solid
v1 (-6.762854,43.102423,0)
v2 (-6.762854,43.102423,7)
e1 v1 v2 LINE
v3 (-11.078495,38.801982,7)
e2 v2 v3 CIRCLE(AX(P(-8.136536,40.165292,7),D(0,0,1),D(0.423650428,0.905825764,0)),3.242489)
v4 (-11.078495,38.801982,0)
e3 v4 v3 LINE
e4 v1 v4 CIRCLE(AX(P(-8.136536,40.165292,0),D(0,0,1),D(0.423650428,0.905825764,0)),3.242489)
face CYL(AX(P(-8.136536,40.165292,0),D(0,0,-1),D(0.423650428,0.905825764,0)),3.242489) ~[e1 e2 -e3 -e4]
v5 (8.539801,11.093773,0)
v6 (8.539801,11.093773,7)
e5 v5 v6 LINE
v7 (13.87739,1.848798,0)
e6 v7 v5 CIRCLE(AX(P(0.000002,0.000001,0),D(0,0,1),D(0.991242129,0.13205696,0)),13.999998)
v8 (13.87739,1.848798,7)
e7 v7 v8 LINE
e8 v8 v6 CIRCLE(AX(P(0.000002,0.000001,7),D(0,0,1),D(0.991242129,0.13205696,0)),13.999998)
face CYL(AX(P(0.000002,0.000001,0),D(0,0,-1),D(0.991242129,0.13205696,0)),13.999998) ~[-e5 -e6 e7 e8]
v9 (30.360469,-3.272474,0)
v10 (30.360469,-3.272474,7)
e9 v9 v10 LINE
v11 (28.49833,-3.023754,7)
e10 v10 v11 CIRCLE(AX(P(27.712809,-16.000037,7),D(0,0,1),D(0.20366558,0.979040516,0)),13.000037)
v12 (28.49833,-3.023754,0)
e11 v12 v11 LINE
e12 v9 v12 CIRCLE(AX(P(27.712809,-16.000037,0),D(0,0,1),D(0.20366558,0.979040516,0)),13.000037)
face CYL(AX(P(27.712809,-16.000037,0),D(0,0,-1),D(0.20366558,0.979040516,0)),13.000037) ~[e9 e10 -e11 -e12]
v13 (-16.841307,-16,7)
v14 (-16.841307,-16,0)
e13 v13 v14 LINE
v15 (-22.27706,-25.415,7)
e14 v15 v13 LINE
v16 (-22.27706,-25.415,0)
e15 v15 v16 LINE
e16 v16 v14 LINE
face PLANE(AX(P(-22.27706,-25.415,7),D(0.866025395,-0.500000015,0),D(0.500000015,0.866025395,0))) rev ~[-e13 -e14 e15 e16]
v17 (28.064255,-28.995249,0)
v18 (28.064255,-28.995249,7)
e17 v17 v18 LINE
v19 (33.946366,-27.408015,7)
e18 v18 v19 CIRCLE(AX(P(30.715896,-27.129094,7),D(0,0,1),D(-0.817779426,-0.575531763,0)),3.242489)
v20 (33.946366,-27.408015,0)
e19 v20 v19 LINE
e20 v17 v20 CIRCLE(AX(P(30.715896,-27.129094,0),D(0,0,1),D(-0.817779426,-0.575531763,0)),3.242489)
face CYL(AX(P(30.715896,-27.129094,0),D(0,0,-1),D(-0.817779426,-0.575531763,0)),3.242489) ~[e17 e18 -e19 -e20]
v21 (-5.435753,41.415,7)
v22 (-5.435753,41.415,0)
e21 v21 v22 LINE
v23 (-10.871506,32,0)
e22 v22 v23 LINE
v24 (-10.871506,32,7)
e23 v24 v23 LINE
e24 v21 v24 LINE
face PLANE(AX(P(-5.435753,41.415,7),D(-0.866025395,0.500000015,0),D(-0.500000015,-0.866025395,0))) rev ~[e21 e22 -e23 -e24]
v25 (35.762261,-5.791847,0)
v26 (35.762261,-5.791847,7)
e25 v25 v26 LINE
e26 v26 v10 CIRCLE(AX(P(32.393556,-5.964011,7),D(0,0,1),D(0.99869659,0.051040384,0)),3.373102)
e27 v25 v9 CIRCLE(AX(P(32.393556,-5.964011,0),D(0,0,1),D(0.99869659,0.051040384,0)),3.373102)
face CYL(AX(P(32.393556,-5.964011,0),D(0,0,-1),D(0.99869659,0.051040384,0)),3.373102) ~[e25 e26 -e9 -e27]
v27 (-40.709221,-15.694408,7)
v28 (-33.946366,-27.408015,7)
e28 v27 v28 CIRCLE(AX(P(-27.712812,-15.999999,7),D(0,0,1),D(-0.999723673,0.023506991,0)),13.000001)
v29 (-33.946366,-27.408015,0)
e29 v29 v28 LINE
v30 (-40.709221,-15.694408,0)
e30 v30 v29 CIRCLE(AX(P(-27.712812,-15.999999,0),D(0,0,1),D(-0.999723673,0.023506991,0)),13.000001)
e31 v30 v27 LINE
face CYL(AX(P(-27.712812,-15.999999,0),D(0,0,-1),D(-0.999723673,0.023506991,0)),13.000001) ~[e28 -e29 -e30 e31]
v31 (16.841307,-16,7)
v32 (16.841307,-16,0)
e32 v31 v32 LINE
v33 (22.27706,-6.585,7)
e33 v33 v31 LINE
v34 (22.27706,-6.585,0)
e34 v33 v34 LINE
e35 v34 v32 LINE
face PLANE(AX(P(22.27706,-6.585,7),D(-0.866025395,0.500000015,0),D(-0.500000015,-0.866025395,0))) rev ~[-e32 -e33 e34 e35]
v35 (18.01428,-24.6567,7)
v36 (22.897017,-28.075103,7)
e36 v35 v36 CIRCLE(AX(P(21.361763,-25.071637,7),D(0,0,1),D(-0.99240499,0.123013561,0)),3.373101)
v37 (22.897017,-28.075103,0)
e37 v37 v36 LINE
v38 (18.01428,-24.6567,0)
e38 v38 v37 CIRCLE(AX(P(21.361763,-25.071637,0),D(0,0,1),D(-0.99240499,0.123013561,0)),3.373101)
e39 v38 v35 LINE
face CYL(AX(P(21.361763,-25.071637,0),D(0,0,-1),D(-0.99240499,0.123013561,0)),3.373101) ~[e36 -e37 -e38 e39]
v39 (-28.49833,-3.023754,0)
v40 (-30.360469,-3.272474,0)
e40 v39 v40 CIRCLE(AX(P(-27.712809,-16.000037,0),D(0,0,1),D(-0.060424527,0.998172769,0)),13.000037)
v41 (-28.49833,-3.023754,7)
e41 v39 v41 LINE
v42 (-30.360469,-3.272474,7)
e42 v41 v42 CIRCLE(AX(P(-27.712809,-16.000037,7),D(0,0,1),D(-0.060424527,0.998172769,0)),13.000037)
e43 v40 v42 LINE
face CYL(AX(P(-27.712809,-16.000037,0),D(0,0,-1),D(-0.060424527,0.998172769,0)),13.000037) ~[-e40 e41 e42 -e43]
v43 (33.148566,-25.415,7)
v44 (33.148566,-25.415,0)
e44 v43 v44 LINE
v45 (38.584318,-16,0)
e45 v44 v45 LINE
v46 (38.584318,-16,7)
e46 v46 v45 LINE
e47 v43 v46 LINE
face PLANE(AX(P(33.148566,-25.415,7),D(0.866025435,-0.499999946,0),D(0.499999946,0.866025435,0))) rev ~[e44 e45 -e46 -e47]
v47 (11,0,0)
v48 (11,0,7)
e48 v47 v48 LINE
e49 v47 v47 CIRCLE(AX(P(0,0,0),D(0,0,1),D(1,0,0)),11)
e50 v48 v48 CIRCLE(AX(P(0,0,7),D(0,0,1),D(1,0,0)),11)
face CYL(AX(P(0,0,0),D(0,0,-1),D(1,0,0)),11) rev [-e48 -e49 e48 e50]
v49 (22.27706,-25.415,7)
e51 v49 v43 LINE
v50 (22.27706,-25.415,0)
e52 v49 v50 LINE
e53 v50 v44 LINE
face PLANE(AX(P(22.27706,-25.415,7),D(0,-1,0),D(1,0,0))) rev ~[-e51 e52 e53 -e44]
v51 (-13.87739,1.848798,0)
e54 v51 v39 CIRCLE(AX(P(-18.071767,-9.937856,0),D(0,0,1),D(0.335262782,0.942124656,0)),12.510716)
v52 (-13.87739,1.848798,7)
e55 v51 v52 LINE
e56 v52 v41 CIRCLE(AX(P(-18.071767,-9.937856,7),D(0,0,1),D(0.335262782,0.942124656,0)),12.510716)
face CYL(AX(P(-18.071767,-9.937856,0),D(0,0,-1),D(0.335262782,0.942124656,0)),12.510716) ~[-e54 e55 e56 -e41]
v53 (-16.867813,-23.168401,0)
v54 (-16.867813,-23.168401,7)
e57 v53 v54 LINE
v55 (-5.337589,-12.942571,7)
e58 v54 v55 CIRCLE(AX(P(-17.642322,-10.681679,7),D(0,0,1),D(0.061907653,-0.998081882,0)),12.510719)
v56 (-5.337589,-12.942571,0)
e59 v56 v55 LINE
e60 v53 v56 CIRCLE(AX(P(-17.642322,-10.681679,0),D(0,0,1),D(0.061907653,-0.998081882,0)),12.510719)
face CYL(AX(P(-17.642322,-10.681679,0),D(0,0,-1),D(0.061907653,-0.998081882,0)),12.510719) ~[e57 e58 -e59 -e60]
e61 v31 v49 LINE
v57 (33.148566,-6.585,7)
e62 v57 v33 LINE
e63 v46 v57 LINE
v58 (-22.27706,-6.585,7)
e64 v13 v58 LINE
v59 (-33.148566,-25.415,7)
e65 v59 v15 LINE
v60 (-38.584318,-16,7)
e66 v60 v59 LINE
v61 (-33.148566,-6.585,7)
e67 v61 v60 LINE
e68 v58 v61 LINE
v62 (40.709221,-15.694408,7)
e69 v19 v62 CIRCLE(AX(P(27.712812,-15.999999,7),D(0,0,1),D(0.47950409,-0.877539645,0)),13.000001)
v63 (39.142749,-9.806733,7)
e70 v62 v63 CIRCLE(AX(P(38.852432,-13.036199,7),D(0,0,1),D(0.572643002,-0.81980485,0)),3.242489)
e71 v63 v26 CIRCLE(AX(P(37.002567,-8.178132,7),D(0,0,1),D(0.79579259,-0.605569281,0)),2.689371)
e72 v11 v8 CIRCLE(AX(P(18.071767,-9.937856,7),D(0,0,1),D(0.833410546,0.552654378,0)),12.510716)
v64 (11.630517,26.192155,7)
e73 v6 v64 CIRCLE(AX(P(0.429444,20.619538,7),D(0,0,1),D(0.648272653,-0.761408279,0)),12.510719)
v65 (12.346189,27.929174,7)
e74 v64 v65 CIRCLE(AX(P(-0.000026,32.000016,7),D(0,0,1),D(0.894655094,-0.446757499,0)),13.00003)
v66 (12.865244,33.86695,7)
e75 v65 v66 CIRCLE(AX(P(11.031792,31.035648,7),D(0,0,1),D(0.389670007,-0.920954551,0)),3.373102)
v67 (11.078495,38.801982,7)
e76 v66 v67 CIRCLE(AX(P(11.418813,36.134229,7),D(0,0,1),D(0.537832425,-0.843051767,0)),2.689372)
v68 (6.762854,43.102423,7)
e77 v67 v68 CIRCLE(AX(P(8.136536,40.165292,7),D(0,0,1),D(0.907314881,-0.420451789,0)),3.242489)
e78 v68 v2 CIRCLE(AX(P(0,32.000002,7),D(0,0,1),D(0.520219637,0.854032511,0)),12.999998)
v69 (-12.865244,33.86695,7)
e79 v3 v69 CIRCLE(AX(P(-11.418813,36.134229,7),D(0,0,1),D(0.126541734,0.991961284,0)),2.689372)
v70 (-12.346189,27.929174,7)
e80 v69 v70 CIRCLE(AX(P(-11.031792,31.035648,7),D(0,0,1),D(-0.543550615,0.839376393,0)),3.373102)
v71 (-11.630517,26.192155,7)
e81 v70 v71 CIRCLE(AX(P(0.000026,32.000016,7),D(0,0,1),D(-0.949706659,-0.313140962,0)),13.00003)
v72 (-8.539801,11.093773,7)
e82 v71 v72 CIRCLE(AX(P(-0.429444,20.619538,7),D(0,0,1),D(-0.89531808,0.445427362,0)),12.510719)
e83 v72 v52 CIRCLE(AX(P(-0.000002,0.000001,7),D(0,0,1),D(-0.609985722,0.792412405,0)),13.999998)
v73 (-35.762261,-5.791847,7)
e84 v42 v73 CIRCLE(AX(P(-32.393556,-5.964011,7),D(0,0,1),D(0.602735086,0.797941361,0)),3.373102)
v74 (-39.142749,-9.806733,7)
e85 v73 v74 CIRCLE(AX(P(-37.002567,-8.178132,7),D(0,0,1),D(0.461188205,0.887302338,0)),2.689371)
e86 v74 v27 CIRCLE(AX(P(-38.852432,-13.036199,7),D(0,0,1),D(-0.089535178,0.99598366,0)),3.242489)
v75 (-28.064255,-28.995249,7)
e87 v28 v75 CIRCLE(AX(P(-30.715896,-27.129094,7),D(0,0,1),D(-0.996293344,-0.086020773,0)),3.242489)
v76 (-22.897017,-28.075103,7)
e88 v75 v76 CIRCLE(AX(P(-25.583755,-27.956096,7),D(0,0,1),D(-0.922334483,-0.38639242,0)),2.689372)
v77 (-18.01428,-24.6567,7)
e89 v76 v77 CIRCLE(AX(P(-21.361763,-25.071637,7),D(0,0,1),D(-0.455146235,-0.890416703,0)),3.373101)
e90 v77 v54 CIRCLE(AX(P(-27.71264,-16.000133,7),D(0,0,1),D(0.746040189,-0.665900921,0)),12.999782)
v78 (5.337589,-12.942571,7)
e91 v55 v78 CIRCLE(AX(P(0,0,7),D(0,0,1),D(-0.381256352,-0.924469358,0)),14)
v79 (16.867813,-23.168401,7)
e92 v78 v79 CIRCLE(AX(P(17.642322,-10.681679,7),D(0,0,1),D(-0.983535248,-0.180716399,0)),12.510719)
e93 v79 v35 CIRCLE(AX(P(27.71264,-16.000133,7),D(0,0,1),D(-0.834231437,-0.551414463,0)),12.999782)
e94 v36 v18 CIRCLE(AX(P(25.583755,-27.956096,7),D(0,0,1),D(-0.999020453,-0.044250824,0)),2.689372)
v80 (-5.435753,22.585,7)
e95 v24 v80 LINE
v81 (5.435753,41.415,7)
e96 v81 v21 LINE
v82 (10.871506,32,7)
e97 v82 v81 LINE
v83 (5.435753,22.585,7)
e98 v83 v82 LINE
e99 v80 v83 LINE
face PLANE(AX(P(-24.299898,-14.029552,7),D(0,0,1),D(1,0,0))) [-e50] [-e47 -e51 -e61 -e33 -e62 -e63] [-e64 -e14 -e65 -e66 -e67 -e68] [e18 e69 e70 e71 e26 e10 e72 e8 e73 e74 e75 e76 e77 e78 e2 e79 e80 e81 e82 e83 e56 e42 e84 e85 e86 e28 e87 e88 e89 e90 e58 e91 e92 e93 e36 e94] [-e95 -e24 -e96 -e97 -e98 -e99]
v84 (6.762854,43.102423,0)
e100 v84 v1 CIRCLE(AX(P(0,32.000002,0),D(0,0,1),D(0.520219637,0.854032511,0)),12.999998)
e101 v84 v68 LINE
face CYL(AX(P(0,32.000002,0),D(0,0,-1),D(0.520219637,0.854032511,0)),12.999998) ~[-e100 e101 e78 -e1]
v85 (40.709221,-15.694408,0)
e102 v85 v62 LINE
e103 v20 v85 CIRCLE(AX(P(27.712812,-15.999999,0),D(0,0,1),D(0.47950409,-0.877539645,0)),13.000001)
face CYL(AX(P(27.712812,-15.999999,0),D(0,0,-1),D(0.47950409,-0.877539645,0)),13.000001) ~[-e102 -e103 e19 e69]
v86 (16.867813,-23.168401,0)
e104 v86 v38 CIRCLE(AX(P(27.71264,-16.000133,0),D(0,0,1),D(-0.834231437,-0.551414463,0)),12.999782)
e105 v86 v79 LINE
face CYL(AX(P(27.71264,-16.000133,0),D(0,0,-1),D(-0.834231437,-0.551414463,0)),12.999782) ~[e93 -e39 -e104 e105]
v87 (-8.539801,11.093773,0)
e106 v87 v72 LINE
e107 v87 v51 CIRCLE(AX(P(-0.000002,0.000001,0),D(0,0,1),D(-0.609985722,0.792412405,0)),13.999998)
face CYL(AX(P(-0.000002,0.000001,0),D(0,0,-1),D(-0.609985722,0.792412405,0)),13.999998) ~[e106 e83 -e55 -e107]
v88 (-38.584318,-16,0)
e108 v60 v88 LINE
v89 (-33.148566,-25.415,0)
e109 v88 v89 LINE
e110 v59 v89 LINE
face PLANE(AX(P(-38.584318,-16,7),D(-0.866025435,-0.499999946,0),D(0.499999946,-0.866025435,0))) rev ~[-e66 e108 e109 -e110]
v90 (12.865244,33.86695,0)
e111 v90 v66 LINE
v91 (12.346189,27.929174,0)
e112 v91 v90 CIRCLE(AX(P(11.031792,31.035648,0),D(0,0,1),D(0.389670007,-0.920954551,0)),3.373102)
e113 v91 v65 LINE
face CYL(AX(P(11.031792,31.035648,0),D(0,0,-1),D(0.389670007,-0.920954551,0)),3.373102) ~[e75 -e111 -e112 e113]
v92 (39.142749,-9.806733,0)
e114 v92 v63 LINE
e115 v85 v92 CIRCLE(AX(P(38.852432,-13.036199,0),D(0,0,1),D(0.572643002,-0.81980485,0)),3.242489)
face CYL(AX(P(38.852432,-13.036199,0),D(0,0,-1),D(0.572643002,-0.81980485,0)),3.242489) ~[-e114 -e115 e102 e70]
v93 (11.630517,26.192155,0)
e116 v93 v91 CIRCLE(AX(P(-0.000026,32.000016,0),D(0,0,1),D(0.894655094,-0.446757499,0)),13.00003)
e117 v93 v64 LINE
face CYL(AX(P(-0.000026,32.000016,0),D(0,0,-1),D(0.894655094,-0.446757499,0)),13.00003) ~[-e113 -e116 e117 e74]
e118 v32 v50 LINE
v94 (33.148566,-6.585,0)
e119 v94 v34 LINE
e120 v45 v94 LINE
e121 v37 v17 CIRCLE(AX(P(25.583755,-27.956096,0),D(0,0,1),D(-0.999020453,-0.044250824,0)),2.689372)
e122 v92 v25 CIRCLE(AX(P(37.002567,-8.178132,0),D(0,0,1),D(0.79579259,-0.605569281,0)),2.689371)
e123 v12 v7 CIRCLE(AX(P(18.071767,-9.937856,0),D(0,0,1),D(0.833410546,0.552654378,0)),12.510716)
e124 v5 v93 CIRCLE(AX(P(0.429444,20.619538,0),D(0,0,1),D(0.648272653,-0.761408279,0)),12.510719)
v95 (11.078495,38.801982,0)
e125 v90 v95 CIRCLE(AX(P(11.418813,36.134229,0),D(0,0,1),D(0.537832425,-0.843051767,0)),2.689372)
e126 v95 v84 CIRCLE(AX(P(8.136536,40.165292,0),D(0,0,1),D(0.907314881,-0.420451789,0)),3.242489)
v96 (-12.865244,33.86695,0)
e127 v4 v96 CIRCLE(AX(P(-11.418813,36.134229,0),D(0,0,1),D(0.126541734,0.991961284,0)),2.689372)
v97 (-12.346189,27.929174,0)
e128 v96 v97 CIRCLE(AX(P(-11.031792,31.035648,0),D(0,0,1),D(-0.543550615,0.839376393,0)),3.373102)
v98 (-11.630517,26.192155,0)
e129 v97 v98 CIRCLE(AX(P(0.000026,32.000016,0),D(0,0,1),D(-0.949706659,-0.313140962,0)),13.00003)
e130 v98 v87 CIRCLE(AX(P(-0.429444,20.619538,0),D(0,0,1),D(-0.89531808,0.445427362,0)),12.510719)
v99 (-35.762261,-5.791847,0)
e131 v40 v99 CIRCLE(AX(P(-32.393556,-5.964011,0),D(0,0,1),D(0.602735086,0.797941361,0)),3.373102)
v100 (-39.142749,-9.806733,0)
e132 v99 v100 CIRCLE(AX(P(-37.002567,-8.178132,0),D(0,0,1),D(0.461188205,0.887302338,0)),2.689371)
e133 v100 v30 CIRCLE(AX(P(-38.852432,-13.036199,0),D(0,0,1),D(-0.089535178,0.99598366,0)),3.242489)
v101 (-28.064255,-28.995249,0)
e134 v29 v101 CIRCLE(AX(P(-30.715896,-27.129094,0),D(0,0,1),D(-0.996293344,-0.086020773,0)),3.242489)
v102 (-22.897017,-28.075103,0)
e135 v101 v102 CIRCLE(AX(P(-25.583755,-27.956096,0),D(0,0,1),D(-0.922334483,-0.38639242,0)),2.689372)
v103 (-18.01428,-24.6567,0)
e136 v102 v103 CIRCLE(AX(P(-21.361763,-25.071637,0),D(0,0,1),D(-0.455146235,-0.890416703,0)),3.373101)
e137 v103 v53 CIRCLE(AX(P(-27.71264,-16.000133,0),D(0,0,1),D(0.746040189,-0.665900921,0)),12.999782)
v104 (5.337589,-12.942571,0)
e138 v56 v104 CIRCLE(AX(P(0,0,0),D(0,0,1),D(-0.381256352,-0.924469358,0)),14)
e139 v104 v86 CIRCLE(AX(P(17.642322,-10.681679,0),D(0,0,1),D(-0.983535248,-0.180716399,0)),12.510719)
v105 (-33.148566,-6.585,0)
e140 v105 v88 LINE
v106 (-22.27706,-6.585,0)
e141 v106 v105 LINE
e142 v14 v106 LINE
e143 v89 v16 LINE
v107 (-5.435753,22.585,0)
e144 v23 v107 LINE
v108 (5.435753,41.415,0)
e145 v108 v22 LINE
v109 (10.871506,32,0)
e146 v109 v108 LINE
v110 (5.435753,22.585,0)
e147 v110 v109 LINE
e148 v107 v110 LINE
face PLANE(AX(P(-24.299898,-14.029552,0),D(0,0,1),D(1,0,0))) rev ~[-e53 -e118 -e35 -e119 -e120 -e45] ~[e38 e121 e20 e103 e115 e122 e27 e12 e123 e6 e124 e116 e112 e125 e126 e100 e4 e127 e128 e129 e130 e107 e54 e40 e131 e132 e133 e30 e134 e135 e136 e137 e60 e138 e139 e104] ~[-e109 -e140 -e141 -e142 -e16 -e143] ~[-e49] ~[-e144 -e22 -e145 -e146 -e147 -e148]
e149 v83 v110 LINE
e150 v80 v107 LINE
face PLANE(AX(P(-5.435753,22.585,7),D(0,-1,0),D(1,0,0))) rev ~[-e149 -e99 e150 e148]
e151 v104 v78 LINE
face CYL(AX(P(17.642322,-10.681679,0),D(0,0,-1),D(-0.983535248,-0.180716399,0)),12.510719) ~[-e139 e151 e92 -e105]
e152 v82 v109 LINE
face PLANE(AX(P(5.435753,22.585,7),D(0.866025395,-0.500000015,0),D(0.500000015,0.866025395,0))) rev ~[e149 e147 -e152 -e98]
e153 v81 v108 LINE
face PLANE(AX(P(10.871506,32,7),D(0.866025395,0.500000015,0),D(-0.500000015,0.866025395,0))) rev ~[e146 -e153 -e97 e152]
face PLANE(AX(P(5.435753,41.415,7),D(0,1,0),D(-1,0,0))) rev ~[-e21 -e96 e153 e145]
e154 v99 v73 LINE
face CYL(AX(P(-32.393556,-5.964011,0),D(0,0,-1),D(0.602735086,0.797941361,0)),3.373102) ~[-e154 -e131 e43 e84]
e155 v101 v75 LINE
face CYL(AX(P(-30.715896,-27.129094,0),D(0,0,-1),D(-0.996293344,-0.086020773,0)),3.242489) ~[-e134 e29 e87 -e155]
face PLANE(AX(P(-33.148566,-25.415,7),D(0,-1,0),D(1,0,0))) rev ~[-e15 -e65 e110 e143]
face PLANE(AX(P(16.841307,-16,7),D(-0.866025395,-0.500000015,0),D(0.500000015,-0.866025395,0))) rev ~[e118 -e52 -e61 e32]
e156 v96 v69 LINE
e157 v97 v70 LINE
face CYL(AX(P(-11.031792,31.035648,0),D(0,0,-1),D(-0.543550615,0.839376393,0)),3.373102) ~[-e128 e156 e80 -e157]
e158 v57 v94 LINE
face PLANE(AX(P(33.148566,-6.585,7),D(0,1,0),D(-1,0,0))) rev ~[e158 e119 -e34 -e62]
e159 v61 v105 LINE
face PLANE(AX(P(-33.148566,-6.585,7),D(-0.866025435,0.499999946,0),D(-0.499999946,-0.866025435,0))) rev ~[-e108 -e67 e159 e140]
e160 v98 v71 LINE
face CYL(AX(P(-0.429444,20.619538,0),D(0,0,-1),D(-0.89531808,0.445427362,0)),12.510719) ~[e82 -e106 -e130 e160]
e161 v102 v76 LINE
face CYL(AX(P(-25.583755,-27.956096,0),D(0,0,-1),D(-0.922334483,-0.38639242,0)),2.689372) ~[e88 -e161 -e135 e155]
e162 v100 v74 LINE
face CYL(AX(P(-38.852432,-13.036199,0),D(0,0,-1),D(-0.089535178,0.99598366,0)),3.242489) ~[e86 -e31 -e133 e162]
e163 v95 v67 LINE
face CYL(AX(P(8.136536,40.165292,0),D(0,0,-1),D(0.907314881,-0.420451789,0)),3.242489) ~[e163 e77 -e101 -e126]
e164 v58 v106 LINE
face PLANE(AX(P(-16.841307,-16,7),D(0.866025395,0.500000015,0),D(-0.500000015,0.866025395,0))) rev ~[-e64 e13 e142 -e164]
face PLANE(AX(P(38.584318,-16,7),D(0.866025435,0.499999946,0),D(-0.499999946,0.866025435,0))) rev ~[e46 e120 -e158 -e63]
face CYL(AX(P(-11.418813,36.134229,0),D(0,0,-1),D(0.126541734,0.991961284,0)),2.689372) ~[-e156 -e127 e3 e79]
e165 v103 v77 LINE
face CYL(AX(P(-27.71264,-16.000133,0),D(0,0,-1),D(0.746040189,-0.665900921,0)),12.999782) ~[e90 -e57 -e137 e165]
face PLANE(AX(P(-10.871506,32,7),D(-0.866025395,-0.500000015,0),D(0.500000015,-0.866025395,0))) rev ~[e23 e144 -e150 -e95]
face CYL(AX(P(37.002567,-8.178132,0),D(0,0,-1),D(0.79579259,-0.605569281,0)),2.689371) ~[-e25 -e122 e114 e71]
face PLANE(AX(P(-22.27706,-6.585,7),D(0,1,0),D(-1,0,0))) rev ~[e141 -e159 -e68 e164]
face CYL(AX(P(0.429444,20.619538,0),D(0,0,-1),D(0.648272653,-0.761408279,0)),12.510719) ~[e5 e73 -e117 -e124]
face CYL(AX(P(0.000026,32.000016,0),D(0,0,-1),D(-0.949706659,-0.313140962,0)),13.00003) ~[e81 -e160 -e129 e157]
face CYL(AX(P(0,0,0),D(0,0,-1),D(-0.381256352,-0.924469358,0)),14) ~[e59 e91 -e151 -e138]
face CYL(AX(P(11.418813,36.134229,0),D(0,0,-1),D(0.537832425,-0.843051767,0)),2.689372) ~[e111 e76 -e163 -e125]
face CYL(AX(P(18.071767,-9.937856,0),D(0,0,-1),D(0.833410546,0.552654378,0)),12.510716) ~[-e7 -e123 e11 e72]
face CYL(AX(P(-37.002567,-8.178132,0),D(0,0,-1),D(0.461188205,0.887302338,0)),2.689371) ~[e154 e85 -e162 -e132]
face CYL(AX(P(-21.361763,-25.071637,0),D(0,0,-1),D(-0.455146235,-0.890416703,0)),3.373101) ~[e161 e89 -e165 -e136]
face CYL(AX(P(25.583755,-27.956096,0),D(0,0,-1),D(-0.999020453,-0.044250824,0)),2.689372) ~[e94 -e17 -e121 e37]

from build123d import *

# Parameters (mm, degrees)
F0_R     = 11
F1_DEPTH = 7
F3_DEPTH = 25


with BuildPart() as f1:
    # F0 (on Top) → F1 (new body)
    with BuildSketch(Plane.XY):
        with BuildLine():
            ThreePointArc((-16.867813, -23.168401), (-9.341205, -20.041676), (-5.337589, -12.942571))
            ThreePointArc((-5.337589, -12.942571), (-12.124356, -7), (-13.87739, 1.848798))
            ThreePointArc((-13.87739, 1.848798), (-22.027203, 1.931118), (-28.49833, -3.023754))
            ThreePointArc((-28.49833, -3.023754), (-29.433898, -3.114432), (-30.360469, -3.272474))
            ThreePointArc((-30.360469, -3.272474), (-33.819311, -2.907046), (-35.762261, -5.791847))
            ThreePointArc((-35.762261, -5.791847), (-39.059816, -6.445953), (-39.142749, -9.806733))
            ThreePointArc((-39.142749, -9.806733), (-41.985912, -12.202508), (-40.709221, -15.694408))
            ThreePointArc((-40.709221, -15.694408), (-38.971143, -22.5), (-33.946366, -27.408015))
            ThreePointArc((-33.946366, -27.408015), (-31.560638, -30.259612), (-28.064255, -28.995249))
            ThreePointArc((-28.064255, -28.995249), (-25.112267, -30.603816), (-22.897017, -28.075103))
            ThreePointArc((-22.897017, -28.075103), (-19.427231, -27.83486), (-18.01428, -24.6567))
            ThreePointArc((-18.01428, -24.6567), (-17.414126, -23.933288), (-16.867813, -23.168401))
        make_face()
        with BuildLine():
            ThreePointArc((5.337589, -12.942571), (11.634566, -7.786968), (14, 0))
            ThreePointArc((14, 0), (13.969314, 0.92643), (13.87739, 1.848798))
            ThreePointArc((13.87739, 1.848798), (12.124356, 7), (8.539801, 11.093773))
            ThreePointArc((8.539801, 11.093773), (0, 14), (-8.539801, 11.093773))
            ThreePointArc((-8.539801, 11.093773), (-12.124356, 7), (-13.87739, 1.848798))
            ThreePointArc((-13.87739, 1.848798), (-12.124356, -7), (-5.337589, -12.942571))
            ThreePointArc((-5.337589, -12.942571), (0, -14), (5.337589, -12.942571))
        make_face()
        Circle(F0_R, mode=Mode.SUBTRACT)
        with BuildLine():
            ThreePointArc((13.87739, 1.848798), (13.969314, 0.92643), (14, 0))
            ThreePointArc((14, 0), (11.634566, -7.786968), (5.337589, -12.942571))
            ThreePointArc((5.337589, -12.942571), (9.341205, -20.041676), (16.867813, -23.168401))
            ThreePointArc((16.867813, -23.168401), (17.414126, -23.933288), (18.01428, -24.6567))
            ThreePointArc((18.01428, -24.6567), (19.427231, -27.83486), (22.897017, -28.075103))
            ThreePointArc((22.897017, -28.075103), (25.112267, -30.603816), (28.064255, -28.995249))
            ThreePointArc((28.064255, -28.995249), (31.560638, -30.259612), (33.946366, -27.408015))
            ThreePointArc((33.946366, -27.408015), (38.971143, -22.5), (40.709221, -15.694408))
            ThreePointArc((40.709221, -15.694408), (41.985912, -12.202508), (39.142749, -9.806733))
            ThreePointArc((39.142749, -9.806733), (39.059816, -6.445953), (35.762261, -5.791847))
            ThreePointArc((35.762261, -5.791847), (33.819311, -2.907046), (30.360469, -3.272474))
            ThreePointArc((30.360469, -3.272474), (29.433898, -3.114432), (28.49833, -3.023754))
            ThreePointArc((28.49833, -3.023754), (22.027203, 1.931118), (13.87739, 1.848798))
        make_face()
        with BuildLine():
            ThreePointArc((-8.539801, 11.093773), (0, 14), (8.539801, 11.093773))
            ThreePointArc((8.539801, 11.093773), (12.685998, 18.110559), (11.630517, 26.192155))
            ThreePointArc((11.630517, 26.192155), (12.019772, 27.04772), (12.346189, 27.929174))
            ThreePointArc((12.346189, 27.929174), (14.39208, 30.741906), (12.865244, 33.86695))
            ThreePointArc((12.865244, 33.86695), (13.947549, 37.049769), (11.078495, 38.801982))
            ThreePointArc((11.078495, 38.801982), (10.425274, 42.46212), (6.762854, 43.102423))
            ThreePointArc((6.762854, 43.102423), (0, 45), (-6.762854, 43.102423))
            ThreePointArc((-6.762854, 43.102423), (-10.425274, 42.46212), (-11.078495, 38.801982))
            ThreePointArc((-11.078495, 38.801982), (-13.947549, 37.049769), (-12.865244, 33.86695))
            ThreePointArc((-12.865244, 33.86695), (-14.39208, 30.741906), (-12.346189, 27.929174))
            ThreePointArc((-12.346189, 27.929174), (-12.019772, 27.04772), (-11.630517, 26.192155))
            ThreePointArc((-11.630517, 26.192155), (-12.685998, 18.110559), (-8.539801, 11.093773))
        make_face()
    extrude(amount=F1_DEPTH)

    # F2 (on face) → F3 (cut)
    with BuildSketch(Plane.XY.offset(7)):
        Polygon((5.435753, 41.415), (-5.435753, 41.415), (-10.871506, 32), (-5.435753, 22.585), (5.435753, 22.585), (10.871506, 32), align=None)
        Polygon((-38.584318, -16), (-33.148566, -25.415), (-22.27706, -25.415), (-16.841307, -16), (-22.27706, -6.585), (-33.148566, -6.585), align=None)
        Polygon((33.148566, -25.415), (38.584318, -16), (33.148566, -6.585), (22.27706, -6.585), (16.841307, -16), (22.27706, -25.415), align=None)
    extrude(amount=-F3_DEPTH, mode=Mode.SUBTRACT)


solid = f1.part
